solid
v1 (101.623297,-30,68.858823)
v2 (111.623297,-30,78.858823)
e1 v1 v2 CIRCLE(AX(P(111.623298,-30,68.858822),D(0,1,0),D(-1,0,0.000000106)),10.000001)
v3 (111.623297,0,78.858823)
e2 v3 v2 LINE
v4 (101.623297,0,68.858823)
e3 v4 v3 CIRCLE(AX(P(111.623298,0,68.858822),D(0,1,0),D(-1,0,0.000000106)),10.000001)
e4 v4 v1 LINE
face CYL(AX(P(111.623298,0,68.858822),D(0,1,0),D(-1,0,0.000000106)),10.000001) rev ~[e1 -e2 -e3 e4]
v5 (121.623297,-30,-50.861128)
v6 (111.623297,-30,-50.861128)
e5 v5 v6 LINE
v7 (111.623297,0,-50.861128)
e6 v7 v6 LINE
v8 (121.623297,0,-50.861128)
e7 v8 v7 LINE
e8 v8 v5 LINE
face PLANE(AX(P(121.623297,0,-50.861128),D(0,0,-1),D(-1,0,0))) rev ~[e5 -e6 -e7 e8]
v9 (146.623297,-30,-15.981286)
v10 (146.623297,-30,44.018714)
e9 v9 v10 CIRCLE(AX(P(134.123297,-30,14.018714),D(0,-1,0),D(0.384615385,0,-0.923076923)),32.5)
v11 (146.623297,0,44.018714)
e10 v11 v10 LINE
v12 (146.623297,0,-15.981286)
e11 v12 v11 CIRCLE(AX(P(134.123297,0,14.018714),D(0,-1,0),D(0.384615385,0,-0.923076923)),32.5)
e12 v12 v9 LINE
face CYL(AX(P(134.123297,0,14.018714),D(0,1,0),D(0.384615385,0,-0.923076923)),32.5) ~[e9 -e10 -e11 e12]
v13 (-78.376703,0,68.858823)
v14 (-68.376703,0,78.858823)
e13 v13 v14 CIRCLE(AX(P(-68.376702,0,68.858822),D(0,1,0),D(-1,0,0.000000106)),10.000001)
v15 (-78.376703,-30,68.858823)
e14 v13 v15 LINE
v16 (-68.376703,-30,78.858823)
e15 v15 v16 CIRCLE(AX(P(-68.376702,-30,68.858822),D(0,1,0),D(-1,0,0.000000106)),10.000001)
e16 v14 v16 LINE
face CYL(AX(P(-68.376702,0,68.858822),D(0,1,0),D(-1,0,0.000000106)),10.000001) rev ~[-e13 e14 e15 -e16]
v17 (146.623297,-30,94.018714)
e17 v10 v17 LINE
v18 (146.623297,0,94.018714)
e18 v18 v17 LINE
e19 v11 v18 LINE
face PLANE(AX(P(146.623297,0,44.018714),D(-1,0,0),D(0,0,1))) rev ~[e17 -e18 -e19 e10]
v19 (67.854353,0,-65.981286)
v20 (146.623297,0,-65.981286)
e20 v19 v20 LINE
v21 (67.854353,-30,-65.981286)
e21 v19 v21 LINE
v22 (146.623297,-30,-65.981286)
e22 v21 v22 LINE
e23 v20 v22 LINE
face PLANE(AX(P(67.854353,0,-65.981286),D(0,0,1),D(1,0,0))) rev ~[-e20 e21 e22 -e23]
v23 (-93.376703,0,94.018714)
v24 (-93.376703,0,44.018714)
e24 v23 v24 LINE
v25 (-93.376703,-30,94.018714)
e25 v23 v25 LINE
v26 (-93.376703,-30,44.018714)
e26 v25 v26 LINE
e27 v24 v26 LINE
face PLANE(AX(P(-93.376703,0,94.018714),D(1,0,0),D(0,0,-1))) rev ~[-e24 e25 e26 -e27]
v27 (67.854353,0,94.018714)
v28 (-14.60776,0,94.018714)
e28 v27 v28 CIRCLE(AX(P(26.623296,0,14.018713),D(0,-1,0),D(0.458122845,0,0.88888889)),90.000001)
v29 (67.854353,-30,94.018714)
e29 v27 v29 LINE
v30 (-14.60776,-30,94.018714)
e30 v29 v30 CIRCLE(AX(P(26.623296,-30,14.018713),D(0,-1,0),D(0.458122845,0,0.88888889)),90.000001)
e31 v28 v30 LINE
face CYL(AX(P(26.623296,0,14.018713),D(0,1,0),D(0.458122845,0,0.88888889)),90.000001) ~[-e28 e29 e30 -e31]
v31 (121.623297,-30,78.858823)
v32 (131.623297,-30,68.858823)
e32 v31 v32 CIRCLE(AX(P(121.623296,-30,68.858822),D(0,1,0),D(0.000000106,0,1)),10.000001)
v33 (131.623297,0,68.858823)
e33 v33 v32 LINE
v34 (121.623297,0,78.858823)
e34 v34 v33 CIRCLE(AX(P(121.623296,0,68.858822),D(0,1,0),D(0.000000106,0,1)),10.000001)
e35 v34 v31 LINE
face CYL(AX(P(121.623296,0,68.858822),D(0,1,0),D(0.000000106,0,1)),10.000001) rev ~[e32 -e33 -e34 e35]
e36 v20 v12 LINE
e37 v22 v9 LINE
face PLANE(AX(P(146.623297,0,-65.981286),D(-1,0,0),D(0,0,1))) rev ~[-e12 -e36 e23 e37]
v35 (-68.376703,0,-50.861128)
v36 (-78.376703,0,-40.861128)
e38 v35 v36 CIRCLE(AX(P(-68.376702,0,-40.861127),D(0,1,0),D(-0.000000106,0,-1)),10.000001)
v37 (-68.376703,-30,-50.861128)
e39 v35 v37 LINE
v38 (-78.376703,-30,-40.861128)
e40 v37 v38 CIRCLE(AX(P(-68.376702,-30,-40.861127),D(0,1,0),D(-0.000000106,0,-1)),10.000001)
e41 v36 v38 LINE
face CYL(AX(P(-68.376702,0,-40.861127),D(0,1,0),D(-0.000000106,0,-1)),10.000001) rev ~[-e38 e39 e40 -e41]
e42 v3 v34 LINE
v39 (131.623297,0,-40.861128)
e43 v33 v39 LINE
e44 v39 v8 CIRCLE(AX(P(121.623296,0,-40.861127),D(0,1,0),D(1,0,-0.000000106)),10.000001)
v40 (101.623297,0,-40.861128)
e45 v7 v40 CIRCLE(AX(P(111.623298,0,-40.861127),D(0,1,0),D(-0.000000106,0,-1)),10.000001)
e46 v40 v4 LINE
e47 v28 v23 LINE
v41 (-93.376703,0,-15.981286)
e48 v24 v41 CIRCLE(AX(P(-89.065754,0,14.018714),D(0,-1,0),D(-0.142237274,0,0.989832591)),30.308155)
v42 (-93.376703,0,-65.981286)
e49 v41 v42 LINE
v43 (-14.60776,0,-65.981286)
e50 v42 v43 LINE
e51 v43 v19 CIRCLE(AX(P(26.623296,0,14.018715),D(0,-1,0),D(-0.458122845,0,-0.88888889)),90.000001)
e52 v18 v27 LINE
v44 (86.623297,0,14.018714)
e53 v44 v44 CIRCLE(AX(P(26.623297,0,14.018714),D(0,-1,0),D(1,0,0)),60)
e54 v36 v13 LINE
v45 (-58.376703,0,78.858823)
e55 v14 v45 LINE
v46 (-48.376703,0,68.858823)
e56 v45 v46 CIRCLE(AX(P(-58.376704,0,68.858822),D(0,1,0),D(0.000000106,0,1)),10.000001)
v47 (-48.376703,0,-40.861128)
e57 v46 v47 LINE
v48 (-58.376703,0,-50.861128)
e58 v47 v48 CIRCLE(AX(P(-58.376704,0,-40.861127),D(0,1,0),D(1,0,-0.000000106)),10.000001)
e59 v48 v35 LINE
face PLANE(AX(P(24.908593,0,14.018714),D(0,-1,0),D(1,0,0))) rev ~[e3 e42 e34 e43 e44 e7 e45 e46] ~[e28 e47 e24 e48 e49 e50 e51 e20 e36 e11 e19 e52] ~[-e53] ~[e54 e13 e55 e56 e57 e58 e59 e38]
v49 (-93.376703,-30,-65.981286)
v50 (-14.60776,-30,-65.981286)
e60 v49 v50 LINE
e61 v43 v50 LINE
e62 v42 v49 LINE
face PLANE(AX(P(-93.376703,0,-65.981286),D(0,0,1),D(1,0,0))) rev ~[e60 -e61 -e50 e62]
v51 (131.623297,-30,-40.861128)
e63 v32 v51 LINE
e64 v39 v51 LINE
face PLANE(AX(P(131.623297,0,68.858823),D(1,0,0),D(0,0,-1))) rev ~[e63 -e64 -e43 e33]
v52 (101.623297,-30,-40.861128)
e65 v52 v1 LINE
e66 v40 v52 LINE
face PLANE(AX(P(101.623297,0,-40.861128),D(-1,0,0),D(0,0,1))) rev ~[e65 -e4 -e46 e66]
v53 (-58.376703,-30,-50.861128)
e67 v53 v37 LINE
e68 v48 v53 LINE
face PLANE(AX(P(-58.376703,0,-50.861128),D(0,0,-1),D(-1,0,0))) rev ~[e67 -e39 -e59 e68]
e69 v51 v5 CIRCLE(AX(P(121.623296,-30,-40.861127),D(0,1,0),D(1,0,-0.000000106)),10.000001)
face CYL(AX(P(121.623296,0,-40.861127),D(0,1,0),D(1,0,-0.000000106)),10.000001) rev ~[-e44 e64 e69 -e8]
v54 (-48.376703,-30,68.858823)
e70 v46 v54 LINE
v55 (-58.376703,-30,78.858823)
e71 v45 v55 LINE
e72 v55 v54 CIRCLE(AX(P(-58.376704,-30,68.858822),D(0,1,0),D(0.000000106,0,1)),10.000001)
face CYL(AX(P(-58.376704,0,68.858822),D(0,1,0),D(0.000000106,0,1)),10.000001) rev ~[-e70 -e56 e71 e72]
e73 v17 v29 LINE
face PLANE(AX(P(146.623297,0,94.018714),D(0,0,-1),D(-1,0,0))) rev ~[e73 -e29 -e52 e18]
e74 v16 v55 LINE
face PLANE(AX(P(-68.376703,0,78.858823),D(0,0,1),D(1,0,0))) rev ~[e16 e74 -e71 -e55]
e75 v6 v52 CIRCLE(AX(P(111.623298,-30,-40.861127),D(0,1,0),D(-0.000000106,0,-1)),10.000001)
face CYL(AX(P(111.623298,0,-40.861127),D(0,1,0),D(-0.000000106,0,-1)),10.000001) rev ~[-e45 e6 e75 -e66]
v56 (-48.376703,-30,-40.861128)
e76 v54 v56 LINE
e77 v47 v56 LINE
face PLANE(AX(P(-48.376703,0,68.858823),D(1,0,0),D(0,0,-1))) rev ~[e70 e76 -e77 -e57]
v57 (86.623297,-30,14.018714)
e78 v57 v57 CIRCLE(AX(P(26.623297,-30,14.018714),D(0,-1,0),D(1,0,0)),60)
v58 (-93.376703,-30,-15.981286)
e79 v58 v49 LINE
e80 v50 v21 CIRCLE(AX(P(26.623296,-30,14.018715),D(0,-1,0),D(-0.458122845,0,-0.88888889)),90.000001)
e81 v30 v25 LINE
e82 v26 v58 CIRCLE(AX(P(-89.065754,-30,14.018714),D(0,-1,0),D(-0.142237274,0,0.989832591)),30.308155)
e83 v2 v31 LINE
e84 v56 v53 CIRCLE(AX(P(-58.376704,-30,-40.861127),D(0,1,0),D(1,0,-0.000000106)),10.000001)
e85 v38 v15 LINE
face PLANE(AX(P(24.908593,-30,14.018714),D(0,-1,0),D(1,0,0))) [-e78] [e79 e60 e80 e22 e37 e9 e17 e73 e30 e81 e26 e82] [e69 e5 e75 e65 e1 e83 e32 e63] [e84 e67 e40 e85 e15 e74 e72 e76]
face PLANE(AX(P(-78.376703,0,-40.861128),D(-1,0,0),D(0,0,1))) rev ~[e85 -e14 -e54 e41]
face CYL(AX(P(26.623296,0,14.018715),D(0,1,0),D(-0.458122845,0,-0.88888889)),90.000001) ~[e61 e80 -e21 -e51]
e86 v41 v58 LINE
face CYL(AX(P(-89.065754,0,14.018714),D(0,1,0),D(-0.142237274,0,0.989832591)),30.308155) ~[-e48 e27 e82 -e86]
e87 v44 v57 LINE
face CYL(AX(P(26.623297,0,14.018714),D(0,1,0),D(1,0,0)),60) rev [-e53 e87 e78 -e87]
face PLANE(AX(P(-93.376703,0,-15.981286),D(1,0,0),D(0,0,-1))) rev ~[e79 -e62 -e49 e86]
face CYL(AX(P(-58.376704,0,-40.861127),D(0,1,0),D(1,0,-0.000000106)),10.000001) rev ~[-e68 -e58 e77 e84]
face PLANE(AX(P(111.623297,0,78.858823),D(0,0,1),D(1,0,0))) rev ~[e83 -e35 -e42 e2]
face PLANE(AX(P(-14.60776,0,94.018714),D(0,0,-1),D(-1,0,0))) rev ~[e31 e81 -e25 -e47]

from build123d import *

# Parameters (mm, degrees)
F0_R     = 60
F1_DEPTH = 30


with BuildPart() as f1:
    # F0 (on Front) → F1 (new body)
    with BuildSketch(Plane.XZ):
        with BuildLine():
            Line((-23.376703, 94.018714), (-93.376703, 94.018714))
            Line((-93.376703, 94.018714), (-93.376703, 44.018714))
            ThreePointArc((-93.376703, 44.018714), (-119.373909, 14.018714), (-93.376703, -15.981286))
            Line((-93.376703, -15.981286), (-93.376703, -65.981286))
            Line((-93.376703, -65.981286), (-23.376703, -65.981286))
            Line((-23.376703, -65.981286), (-14.60776, -65.981286))
            ThreePointArc((-14.60776, -65.981286), (26.623297, -75.981286), (67.854353, -65.981286))
            Line((67.854353, -65.981286), (76.623297, -65.981286))
            Line((76.623297, -65.981286), (146.623297, -65.981286))
            Line((146.623297, -65.981286), (146.623297, -15.981286))
            ThreePointArc((146.623297, -15.981286), (166.623297, 14.018714), (146.623297, 44.018714))
            Line((146.623297, 44.018714), (146.623297, 94.018714))
            Line((146.623297, 94.018714), (76.623297, 94.018714))
            Line((76.623297, 94.018714), (67.854353, 94.018714))
            ThreePointArc((67.854353, 94.018714), (26.623297, 104.018714), (-14.60776, 94.018714))
            Line((-14.60776, 94.018714), (-23.376703, 94.018714))
        make_face()
        with BuildLine():
            ThreePointArc((-78.376703, 68.858823), (-75.447771, 75.92989), (-68.376703, 78.858823))
            Line((-68.376703, 78.858823), (-58.376703, 78.858823))
            ThreePointArc((-58.376703, 78.858823), (-51.305635, 75.92989), (-48.376703, 68.858823))
            Line((-48.376703, 68.858823), (-48.376703, -40.861128))
            ThreePointArc((-48.376703, -40.861128), (-51.305635, -47.932195), (-58.376703, -50.861128))
            Line((-58.376703, -50.861128), (-68.376703, -50.861128))
            ThreePointArc((-68.376703, -50.861128), (-75.447771, -47.932195), (-78.376703, -40.861128))
            Line((-78.376703, -40.861128), (-78.376703, 68.858823))
        make_face(mode=Mode.SUBTRACT)
        with BuildLine():
            ThreePointArc((101.623297, 68.858823), (104.552229, 75.92989), (111.623297, 78.858823))
            Line((111.623297, 78.858823), (121.623297, 78.858823))
            ThreePointArc((121.623297, 78.858823), (128.694365, 75.92989), (131.623297, 68.858823))
            Line((131.623297, 68.858823), (131.623297, -40.861128))
            ThreePointArc((131.623297, -40.861128), (128.694365, -47.932195), (121.623297, -50.861128))
            Line((121.623297, -50.861128), (111.623297, -50.861128))
            ThreePointArc((111.623297, -50.861128), (104.552229, -47.932195), (101.623297, -40.861128))
            Line((101.623297, -40.861128), (101.623297, 68.858823))
        make_face(mode=Mode.SUBTRACT)
        with Locations((26.623297, 14.018714)):
            Circle(F0_R, mode=Mode.SUBTRACT)
    extrude(amount=F1_DEPTH)


solid = f1.part
